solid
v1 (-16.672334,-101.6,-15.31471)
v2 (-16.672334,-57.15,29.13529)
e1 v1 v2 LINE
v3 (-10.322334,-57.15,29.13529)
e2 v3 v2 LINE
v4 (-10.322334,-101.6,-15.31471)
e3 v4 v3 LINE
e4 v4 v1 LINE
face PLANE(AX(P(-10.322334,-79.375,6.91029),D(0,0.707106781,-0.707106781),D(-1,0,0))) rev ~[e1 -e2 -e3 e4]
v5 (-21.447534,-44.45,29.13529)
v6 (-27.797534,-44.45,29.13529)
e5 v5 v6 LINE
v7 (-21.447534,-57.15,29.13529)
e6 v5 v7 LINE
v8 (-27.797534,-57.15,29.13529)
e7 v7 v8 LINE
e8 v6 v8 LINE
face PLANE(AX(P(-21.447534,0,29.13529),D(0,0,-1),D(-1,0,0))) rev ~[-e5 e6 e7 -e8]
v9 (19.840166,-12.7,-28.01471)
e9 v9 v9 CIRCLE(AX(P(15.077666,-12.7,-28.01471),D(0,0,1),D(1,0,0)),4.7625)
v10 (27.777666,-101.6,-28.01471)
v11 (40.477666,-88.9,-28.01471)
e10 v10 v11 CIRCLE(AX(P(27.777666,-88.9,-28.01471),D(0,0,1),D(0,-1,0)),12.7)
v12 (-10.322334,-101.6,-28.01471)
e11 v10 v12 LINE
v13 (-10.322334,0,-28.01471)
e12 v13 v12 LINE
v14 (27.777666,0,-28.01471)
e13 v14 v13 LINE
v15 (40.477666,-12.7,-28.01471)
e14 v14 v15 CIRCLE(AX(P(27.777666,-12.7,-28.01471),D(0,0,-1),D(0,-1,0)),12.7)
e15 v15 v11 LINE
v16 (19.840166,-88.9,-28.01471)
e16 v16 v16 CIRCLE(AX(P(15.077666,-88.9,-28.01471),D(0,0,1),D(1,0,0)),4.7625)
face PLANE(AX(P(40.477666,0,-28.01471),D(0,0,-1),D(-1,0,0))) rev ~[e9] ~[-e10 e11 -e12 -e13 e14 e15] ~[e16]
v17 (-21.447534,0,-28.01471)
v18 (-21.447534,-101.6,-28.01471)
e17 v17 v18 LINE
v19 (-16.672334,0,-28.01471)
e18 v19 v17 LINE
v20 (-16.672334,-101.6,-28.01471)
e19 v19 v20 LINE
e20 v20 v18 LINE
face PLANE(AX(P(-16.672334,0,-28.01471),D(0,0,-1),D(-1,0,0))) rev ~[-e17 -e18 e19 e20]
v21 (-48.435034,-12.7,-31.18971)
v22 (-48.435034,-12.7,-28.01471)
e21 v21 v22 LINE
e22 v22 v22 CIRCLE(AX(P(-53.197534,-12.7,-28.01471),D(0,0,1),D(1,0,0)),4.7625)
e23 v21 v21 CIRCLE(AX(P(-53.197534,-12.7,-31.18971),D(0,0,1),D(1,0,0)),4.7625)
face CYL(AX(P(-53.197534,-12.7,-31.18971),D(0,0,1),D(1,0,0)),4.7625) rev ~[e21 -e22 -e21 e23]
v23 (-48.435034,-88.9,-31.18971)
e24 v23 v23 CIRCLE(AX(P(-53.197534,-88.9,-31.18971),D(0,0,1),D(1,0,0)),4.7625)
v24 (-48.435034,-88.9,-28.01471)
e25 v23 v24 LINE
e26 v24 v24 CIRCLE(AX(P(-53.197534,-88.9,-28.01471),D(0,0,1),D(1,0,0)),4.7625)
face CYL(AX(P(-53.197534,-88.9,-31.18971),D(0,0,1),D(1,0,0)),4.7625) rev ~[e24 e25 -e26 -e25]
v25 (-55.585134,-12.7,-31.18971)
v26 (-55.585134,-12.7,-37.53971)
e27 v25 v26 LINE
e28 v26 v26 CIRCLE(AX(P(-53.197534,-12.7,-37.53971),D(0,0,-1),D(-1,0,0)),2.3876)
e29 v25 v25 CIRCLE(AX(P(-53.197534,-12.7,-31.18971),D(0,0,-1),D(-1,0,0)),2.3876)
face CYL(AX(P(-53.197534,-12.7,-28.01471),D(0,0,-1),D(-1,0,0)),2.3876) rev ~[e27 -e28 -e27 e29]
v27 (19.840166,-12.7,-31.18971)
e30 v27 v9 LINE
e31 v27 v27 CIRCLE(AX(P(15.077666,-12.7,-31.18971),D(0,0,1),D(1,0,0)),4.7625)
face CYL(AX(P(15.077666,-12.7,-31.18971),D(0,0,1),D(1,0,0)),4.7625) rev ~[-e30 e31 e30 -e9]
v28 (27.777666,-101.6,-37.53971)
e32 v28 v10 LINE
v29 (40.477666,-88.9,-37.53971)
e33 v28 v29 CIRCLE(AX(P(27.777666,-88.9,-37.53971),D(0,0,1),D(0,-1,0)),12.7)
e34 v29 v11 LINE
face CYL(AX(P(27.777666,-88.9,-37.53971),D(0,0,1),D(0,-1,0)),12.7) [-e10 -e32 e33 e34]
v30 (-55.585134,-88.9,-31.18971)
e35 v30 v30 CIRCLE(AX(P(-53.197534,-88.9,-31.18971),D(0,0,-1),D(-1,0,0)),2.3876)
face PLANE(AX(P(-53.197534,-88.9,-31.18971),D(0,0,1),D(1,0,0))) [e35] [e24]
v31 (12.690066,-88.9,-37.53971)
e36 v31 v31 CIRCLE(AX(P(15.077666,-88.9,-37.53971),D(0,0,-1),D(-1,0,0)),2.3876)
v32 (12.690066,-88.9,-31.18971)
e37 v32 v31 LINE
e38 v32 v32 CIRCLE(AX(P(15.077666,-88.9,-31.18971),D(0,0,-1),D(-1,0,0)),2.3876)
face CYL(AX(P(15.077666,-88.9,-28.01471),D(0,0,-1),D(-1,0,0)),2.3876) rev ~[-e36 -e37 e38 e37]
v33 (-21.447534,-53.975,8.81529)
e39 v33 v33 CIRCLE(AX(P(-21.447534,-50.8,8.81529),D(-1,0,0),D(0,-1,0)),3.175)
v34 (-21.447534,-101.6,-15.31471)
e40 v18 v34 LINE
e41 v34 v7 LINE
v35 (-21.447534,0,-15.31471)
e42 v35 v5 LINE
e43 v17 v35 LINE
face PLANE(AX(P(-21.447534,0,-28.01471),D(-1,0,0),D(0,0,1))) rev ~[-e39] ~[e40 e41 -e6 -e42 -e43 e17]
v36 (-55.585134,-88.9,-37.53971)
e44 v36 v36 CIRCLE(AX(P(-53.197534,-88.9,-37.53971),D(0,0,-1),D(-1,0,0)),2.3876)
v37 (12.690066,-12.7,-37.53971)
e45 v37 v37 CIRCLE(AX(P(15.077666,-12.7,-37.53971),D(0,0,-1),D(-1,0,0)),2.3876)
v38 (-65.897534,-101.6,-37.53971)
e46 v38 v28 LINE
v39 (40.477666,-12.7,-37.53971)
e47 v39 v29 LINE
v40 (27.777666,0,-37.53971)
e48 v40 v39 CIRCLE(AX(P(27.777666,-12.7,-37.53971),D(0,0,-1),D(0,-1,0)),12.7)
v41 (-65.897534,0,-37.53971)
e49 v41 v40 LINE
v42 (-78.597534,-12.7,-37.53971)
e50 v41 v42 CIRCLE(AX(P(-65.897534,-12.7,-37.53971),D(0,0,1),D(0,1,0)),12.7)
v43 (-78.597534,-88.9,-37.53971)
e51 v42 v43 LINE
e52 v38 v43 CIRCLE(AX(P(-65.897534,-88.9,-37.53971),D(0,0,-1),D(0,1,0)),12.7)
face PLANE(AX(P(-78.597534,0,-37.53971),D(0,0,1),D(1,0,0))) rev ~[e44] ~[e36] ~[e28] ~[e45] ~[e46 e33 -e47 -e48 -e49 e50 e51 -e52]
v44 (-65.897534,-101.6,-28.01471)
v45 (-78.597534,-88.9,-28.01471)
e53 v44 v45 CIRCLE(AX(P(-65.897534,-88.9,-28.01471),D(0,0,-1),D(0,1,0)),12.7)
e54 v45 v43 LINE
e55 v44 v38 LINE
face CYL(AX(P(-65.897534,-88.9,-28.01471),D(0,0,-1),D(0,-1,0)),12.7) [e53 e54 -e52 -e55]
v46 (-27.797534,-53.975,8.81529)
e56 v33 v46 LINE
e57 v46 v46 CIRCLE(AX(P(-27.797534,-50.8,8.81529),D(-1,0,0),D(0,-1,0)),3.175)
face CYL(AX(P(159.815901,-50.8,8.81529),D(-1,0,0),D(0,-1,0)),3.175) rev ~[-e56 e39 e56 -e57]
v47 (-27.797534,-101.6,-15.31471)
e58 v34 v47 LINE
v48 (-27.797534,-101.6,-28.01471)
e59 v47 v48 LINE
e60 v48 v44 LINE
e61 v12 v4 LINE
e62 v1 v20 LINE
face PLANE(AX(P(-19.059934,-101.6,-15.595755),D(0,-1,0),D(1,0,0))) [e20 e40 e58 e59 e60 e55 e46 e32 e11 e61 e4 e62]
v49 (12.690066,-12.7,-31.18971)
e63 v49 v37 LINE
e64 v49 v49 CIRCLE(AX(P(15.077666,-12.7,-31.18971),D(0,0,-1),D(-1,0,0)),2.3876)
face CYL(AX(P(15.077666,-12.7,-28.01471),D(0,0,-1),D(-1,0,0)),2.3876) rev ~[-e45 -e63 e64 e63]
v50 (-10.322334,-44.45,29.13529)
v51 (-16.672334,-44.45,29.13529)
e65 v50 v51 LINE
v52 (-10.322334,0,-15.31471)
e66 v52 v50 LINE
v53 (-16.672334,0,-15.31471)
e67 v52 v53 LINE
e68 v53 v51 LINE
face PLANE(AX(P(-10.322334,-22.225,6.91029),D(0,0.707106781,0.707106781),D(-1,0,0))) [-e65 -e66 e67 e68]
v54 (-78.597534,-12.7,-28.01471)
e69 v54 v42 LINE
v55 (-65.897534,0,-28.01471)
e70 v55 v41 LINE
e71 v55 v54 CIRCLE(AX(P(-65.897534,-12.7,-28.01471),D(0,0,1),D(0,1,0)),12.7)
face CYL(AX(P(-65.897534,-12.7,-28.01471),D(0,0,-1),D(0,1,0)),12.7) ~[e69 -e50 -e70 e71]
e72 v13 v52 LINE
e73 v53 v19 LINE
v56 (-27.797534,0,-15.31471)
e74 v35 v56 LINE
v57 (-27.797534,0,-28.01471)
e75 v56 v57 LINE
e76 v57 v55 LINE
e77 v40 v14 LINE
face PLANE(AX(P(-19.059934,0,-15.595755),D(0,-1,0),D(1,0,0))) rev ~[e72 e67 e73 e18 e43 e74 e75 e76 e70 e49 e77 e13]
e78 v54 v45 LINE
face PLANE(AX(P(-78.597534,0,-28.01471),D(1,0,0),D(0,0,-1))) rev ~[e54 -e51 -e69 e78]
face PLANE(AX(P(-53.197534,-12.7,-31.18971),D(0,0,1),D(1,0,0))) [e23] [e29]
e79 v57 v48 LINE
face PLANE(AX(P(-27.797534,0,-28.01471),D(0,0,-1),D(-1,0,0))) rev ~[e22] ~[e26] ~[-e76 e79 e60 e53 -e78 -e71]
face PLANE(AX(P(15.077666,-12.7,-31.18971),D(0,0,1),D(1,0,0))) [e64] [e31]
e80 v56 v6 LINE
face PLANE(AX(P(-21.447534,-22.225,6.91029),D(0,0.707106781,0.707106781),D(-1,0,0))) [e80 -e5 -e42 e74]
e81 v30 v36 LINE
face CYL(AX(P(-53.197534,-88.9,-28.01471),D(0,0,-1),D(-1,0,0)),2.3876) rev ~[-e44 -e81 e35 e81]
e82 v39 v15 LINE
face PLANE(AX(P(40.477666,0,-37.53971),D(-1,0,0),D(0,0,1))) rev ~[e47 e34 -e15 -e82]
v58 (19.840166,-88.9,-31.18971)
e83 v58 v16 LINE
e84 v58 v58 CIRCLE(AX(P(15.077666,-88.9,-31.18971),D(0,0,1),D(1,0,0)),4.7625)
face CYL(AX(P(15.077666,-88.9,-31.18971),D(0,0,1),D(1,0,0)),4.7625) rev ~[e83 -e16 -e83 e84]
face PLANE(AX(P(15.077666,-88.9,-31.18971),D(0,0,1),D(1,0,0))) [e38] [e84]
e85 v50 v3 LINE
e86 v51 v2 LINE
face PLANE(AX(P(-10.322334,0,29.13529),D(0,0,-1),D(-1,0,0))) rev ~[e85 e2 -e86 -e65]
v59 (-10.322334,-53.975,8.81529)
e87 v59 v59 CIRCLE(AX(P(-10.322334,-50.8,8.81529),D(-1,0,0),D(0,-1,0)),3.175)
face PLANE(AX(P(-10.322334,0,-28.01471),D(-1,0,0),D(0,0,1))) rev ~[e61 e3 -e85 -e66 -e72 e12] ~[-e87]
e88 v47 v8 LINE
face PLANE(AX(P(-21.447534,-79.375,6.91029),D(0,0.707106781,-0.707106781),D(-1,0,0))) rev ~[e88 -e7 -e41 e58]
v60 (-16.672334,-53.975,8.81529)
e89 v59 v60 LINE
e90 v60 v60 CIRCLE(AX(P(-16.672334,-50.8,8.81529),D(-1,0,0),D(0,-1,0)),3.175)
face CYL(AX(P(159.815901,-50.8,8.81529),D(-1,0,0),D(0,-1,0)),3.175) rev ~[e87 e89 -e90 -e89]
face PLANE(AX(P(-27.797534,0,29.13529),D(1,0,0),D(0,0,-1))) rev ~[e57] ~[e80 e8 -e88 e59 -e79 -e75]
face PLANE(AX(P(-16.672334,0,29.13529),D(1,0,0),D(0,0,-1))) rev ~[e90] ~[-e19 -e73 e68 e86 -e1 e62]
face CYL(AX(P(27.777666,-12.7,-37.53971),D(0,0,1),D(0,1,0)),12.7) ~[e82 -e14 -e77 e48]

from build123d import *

# Parameters (mm, degrees)
F1_DEPTH       = 101.6
F3_D           = 4.7752
F3_CBORE_D     = 9.525
F3_CBORE_DEPTH = 3.175
F5_D           = 4.7752
F5_CBORE_D     = 9.525
F5_CBORE_DEPTH = 3.175
F7_D           = 6.35
F8_SIZE        = 44.45
F9_R           = 12.7


with BuildPart() as f1:
    # F0 (on Front) → F1 (new body)
    with BuildSketch(Plane.XZ):
        Polygon((-27.797534, -28.01471), (-78.597534, -28.01471), (-78.597534, -37.53971), (40.477666, -37.53971), (40.477666, -28.01471), (-10.322334, -28.01471), (-10.322334, 29.13529), (-16.672334, 29.13529), (-16.672334, -28.01471), (-21.447534, -28.01471), (-21.447534, 29.13529), (-27.797534, 29.13529), align=None)
    extrude(amount=F1_DEPTH)

    # F3 (through all)
    with Locations(Plane.XY.offset(-28.01471)):
        with Locations((-53.197534, -12.7), (-53.197534, -88.9)):
            CounterBoreHole(F3_D / 2, F3_CBORE_D / 2, F3_CBORE_DEPTH)

    # F5 (through all)
    with Locations(Plane.XY.offset(-28.01471)):
        with Locations((15.077666, -88.9), (15.077666, -12.7)):
            CounterBoreHole(F5_D / 2, F5_CBORE_D / 2, F5_CBORE_DEPTH)

    # F7 (through all)
    with Locations(Plane.YZ.offset(-10.322334)):
        with Locations((-50.8, 8.81529)):
            Hole(F7_D / 2)

    # F8
    f8_edges = [f1.edges().sort_by_distance(p)[0] for p in [
        (-13.497334, -101.6, 29.13529),
        (-24.622534, -101.6, 29.13529),
        (-13.497334, 0, 29.13529),
        (-24.622534, 0, 29.13529),
    ]]
    chamfer(f8_edges, length=F8_SIZE)

    # F9
    f9_edges = [f1.edges().sort_by_distance(p)[0] for p in [
        (40.477666, -101.6, -32.77721),
        (40.477666, 0, -32.77721),
        (-78.597534, -101.6, -32.77721),
        (-78.597534, 0, -32.77721),
    ]]
    fillet(f9_edges, radius=F9_R)


solid = f1.part
